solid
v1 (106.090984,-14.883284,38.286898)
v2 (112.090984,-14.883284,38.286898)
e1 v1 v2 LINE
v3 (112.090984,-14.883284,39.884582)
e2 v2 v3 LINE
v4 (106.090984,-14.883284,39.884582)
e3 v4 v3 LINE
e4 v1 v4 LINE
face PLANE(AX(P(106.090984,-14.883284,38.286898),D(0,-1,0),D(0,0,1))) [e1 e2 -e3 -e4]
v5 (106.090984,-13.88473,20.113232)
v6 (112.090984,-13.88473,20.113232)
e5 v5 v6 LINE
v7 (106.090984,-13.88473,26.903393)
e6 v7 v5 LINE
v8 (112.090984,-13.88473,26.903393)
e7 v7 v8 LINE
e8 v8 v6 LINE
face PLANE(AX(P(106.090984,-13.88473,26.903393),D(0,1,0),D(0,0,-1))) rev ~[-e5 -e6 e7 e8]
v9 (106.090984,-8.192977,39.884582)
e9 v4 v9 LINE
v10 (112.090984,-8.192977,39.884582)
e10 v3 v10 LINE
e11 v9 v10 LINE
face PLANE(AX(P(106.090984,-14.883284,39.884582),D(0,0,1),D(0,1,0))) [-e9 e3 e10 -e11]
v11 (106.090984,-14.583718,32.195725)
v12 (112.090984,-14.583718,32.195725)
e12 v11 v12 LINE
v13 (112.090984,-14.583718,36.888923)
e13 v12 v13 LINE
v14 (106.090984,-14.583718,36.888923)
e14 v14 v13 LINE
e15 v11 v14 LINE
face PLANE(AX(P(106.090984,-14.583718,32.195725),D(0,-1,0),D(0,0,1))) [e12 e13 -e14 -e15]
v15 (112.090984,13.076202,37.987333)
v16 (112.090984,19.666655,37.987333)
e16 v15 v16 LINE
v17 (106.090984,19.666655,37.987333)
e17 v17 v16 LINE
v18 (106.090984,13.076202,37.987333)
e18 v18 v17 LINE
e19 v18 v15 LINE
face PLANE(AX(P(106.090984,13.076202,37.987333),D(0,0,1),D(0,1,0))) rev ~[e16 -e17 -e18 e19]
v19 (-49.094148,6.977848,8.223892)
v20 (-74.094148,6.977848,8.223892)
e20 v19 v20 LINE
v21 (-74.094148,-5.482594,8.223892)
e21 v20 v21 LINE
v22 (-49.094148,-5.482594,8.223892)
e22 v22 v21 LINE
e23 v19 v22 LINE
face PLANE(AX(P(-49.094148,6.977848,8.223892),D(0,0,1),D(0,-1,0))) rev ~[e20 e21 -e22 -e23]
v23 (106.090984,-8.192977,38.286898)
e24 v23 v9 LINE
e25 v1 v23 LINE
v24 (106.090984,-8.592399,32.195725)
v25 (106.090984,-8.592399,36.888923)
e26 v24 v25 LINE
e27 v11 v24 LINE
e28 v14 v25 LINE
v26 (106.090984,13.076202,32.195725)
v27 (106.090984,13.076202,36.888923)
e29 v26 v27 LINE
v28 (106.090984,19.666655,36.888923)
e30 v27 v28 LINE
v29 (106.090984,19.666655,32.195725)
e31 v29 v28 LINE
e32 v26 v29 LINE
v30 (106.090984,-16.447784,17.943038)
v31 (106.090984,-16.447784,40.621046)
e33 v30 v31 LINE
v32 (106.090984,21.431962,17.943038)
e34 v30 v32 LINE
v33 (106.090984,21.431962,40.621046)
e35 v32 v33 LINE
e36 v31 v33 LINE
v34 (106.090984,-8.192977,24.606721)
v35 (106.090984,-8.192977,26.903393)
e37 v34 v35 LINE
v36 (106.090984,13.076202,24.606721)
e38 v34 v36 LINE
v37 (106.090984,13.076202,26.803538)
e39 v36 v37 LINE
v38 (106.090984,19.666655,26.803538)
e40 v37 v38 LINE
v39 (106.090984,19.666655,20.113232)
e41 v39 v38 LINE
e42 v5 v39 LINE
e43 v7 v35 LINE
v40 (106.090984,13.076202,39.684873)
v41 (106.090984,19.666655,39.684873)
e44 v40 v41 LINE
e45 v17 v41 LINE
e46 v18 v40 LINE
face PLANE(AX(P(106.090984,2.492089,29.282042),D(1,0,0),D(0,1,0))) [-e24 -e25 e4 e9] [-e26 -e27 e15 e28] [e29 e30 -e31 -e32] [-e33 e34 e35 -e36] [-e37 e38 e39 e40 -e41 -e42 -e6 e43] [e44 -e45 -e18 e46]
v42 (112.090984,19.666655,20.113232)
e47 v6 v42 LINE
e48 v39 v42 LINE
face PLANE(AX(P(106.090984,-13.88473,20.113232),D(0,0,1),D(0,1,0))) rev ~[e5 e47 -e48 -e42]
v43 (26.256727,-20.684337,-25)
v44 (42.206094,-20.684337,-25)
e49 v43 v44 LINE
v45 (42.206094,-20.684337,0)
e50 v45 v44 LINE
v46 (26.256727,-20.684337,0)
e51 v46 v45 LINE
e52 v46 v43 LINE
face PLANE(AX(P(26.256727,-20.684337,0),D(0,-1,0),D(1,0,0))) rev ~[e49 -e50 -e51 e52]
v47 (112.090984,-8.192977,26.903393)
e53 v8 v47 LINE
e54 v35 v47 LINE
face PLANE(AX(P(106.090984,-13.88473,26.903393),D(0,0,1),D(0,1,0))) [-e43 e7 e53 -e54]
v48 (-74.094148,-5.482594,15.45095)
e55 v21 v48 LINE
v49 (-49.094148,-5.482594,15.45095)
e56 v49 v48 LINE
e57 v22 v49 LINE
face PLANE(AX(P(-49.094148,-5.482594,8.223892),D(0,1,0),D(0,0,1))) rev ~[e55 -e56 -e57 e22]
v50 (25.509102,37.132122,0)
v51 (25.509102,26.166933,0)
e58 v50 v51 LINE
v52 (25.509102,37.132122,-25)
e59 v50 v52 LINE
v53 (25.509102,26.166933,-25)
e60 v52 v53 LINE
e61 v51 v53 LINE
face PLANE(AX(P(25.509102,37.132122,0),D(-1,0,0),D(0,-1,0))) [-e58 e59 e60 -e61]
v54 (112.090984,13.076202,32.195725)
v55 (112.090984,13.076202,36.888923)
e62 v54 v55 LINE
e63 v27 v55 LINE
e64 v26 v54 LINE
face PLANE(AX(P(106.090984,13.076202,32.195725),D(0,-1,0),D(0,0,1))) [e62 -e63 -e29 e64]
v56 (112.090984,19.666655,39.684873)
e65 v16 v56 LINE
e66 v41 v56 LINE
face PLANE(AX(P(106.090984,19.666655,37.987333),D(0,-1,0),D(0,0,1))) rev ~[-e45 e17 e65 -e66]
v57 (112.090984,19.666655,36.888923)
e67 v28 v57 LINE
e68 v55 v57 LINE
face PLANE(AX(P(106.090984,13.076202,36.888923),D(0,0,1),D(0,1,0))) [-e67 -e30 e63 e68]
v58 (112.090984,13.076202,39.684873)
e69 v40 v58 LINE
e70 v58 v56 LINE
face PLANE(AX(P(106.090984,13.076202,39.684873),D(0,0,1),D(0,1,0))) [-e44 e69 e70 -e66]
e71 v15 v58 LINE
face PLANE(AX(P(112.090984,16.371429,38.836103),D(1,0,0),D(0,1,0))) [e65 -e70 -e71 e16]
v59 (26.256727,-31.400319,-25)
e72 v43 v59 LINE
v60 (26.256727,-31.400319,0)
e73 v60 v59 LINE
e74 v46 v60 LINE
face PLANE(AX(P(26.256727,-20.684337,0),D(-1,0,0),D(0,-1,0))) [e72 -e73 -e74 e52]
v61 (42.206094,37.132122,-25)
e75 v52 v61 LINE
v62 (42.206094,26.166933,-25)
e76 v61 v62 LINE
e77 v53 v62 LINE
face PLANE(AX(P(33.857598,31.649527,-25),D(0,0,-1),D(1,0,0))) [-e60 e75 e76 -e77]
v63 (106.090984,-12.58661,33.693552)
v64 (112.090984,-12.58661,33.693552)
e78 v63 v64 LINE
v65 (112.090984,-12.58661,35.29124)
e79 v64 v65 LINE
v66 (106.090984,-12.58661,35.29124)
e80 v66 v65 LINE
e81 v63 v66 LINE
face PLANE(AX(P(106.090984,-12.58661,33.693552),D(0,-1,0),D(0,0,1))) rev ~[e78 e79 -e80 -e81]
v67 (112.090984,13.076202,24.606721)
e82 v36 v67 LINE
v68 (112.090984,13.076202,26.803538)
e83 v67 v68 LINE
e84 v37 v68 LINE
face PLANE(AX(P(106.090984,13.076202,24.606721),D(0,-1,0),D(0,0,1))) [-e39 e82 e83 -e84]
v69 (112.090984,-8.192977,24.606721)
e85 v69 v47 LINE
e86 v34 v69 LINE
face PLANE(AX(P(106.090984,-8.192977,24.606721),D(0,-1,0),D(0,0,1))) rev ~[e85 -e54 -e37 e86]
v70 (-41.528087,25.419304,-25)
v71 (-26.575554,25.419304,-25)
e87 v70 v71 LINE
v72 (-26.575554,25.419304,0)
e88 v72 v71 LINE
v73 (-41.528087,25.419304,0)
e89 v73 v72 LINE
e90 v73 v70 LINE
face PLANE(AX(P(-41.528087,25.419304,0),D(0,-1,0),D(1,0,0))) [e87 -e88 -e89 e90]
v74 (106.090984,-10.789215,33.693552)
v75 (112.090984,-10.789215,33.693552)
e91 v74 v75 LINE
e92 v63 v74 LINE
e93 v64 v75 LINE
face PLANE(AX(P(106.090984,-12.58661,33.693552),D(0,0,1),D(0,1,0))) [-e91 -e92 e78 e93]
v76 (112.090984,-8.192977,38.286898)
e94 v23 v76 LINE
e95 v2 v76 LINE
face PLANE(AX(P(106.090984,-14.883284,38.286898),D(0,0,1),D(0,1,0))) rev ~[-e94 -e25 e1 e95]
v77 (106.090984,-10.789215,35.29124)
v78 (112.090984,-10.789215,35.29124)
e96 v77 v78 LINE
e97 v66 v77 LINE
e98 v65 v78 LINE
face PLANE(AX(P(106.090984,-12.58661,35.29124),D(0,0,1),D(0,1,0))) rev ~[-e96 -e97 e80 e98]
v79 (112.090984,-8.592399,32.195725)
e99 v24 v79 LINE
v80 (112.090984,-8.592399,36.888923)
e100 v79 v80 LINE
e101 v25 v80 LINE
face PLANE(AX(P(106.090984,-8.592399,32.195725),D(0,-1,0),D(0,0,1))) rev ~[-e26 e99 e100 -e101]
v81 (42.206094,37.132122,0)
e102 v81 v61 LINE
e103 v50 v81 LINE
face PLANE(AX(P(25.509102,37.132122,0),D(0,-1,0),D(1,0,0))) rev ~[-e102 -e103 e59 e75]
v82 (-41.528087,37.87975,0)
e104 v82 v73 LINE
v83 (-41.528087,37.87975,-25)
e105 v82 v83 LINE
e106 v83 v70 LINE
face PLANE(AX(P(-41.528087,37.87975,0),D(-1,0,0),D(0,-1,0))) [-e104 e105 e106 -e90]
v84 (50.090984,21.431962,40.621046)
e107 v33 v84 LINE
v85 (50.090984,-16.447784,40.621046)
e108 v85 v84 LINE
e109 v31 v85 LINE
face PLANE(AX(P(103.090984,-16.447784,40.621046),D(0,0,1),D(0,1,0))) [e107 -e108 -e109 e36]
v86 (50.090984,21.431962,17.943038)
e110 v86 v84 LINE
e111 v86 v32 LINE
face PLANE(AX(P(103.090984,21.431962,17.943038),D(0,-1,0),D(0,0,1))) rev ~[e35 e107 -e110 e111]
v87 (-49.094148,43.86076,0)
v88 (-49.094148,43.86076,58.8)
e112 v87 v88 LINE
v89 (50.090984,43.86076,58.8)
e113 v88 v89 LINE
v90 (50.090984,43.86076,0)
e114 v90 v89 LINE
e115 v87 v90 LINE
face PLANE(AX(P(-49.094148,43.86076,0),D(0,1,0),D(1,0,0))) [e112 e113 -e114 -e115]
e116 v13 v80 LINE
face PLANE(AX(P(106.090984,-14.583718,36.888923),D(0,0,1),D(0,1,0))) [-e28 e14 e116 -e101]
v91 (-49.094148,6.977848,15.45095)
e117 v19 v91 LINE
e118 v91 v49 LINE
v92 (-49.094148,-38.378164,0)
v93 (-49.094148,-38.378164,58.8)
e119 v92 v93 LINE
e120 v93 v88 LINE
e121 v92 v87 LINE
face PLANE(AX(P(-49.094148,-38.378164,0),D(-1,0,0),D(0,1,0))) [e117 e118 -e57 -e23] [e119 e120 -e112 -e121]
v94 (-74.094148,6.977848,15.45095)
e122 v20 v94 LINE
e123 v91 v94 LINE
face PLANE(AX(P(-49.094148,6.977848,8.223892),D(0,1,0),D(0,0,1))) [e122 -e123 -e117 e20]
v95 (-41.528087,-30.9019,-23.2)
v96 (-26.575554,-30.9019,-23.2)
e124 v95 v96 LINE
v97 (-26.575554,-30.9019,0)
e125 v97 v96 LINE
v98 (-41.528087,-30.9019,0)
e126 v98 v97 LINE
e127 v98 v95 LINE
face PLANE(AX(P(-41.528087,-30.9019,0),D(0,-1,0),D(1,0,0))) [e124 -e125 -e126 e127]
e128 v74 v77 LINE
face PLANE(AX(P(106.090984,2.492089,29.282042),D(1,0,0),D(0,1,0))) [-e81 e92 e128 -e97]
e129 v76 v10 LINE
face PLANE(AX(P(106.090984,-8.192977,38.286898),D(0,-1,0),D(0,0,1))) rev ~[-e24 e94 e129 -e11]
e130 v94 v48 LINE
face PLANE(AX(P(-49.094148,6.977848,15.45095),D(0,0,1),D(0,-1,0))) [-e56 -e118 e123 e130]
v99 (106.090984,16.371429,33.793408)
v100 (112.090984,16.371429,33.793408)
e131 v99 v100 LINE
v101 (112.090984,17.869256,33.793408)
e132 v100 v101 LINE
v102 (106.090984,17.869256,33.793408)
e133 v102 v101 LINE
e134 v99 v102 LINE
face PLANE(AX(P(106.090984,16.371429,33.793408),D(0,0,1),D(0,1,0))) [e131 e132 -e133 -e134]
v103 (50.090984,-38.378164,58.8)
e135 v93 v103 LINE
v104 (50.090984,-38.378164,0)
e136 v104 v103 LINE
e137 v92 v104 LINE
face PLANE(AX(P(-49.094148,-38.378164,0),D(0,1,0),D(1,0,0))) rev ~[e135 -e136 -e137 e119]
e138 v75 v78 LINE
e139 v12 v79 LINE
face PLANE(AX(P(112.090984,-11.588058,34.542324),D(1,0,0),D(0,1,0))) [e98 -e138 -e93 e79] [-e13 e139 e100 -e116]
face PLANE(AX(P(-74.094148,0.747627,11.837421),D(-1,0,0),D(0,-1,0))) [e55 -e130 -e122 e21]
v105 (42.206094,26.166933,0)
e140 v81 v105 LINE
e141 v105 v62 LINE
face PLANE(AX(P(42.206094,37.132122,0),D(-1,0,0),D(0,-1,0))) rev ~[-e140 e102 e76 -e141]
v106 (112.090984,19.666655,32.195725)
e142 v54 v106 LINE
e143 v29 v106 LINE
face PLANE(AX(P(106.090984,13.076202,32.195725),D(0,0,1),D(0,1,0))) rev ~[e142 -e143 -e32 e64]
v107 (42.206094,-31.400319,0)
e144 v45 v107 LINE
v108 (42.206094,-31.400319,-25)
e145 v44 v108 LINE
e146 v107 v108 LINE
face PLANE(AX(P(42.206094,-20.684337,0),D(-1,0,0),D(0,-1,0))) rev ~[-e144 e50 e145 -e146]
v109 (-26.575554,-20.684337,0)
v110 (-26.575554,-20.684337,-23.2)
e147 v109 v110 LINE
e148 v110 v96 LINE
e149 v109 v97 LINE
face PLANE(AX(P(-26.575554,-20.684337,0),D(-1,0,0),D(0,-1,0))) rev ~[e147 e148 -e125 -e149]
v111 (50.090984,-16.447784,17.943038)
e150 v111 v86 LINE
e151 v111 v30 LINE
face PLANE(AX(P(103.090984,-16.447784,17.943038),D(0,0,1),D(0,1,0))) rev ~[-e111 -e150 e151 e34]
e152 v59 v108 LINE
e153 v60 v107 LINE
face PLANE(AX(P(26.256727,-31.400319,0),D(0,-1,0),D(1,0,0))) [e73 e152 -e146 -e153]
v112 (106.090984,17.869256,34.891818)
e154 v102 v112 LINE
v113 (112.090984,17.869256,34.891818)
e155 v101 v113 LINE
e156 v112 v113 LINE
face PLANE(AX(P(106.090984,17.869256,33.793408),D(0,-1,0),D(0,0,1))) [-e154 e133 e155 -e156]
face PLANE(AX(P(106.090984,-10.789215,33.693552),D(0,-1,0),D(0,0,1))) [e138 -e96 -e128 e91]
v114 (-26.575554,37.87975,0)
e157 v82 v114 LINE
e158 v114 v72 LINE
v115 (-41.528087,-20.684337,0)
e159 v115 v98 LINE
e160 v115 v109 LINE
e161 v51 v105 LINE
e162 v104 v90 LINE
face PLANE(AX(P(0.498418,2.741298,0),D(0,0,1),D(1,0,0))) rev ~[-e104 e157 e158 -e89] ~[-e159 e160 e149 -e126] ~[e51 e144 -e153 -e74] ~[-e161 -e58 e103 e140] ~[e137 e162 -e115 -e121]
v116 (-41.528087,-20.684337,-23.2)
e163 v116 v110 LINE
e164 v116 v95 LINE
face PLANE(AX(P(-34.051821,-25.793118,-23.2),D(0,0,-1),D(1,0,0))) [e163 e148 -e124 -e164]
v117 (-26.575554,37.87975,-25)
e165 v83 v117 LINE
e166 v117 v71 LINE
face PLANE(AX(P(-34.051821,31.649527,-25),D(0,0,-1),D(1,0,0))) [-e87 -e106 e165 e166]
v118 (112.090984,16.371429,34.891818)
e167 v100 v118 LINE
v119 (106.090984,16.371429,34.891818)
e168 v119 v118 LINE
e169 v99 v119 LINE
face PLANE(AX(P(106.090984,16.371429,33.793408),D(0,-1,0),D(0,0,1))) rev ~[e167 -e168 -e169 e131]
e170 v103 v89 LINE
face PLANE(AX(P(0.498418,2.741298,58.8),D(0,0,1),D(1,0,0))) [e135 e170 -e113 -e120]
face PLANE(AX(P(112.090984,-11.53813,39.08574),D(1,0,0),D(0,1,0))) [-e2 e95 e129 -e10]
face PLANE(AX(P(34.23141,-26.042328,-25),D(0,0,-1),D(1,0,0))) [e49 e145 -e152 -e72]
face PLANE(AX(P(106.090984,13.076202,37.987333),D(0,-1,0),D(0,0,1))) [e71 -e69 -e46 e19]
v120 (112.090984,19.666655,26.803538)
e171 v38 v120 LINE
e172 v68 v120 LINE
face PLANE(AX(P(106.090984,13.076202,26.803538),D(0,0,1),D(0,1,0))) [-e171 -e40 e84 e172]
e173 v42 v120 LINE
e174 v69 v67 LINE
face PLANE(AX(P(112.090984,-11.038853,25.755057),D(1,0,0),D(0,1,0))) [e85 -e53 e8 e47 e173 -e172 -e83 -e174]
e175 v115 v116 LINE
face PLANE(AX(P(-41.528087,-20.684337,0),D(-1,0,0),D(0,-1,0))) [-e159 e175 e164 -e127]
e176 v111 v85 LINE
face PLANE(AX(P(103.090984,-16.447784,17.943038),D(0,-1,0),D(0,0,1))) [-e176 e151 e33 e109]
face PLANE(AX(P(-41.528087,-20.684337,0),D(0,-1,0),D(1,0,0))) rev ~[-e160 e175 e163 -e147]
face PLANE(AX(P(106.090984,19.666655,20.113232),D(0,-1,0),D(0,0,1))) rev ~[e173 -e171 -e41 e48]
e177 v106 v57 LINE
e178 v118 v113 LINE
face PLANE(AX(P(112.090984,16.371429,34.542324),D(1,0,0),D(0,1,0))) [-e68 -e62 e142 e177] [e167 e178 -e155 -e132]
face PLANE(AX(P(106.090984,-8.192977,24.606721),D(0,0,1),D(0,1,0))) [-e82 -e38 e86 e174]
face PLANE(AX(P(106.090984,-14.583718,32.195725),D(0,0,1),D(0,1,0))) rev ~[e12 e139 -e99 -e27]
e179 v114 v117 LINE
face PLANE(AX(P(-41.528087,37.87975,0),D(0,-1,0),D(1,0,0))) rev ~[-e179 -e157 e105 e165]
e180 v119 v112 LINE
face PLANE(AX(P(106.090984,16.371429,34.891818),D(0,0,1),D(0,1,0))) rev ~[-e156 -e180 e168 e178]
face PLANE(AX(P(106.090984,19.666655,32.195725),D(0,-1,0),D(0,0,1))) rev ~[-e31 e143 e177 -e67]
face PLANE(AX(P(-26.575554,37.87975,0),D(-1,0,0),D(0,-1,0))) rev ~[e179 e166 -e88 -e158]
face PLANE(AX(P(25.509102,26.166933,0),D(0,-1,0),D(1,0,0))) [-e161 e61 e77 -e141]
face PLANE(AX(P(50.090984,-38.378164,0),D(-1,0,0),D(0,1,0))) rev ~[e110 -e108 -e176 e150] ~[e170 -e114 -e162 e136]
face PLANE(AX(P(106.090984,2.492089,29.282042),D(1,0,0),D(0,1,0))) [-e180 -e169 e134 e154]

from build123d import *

# Parameters (mm, degrees)
F0_W      = 99.1851314902
F0_H      = 82.2389237583
F1_DEPTH  = 58.8
F2_W      = 37.8797464073
F2_H      = 22.678008303
F3_DEPTH  = 53
F4_W      = 14.9525329471
F4_H      = 10.2175623178
F5_DEPTH  = 23.2
F6_W      = 15.9493666142
F6_H      = 10.7159819454
F6_W_2    = 16.6969913989
F6_H_2    = 10.9651889652
F6_W_3    = 14.9525329471
F6_H_3    = 12.4604459852
F7_DEPTH  = 25
F8_W      = 37.8797464073
F8_H      = 22.678008303
F9_DEPTH  = 3
F10_W     = 5.9913191944
F10_H     = 4.6931989491
F10_W_2   = 1.7973957583
F10_H_2   = 1.597687602
F10_W_3   = 6.5904529765
F10_W_4   = 1.497827936
F10_H_3   = 1.0984092951
F10_W_5   = 5.6917527691
F10_H_4   = 2.2966712713
F10_H_5   = 4.4934898615
F10_W_6   = 21.2691789493
F10_H_6   = 2.1968167275
F10_W_7   = 6.690306589
F10_H_7   = 1.5976838768
F10_H_8   = 1.6975402832
F11_DEPTH = 6
F12_W     = 12.4604427256
F12_H     = 7.2270575911
F13_DEPTH = 25


with BuildPart() as f1:
    # F0 (on Top) → F1 (new body)
    with BuildSketch(Plane.XY):
        with Locations((0.4984177649, 2.741297707)):
            Rectangle(F0_W, F0_H)
    extrude(amount=F1_DEPTH)

    # F2 (on face) → F3 (join)
    with BuildSketch(Plane.YZ.offset(50.09098351)):
        with Locations((2.4920888245, 29.2820418254)):
            Rectangle(F2_W, F2_H)
    extrude(amount=F3_DEPTH)

    # F4 (on face) → F5 (join)
    with BuildSketch(Plane(origin=(0, 0, 0), x_dir=(1, 0, 0), z_dir=(0, 0, -1))):
        with Locations((-34.0518206358, 25.7931184024)):
            Rectangle(F4_W, F4_H)
    extrude(amount=F5_DEPTH)

    # F6 (on face) → F7 (join)
    with BuildSketch(Plane(origin=(0, 0, 0), x_dir=(1, 0, 0), z_dir=(0, 0, -1))):
        with Locations((34.2314103618, 26.0423282161)):
            Rectangle(F6_W, F6_H)
        with Locations((33.8575979695, -31.64952714)):
            Rectangle(F6_W_2, F6_H_2)
        with Locations((-34.0518206358, -31.64952714)):
            Rectangle(F6_W_3, F6_H_3)
    extrude(amount=F7_DEPTH)

    # F8 (on face) → F9 (join)
    with BuildSketch(Plane.YZ.offset(103.09098351)):
        with Locations((2.4920888245, 29.2820418254)):
            Rectangle(F8_W, F8_H)
    extrude(amount=F9_DEPTH)

    # F10 (on face) → F11 (join)
    with BuildSketch(Plane.YZ.offset(106.09098351)):
        with Locations((-11.5880584344, 34.5423240215)):
            Rectangle(F10_W, F10_H)
        with Locations((-11.6879125126, 34.4923958182)):
            Rectangle(F10_W_2, F10_H_2, mode=Mode.SUBTRACT)
        with Locations((16.3714285009, 34.5423240215)):
            Rectangle(F10_W_3, F10_H)
        with Locations((17.1203424688, 34.3426130712)):
            Rectangle(F10_W_4, F10_H_3, mode=Mode.SUBTRACT)
        with Locations((-11.0388533212, 25.7550571114)):
            Rectangle(F10_W_5, F10_H_4)
        with Locations((-11.0388533212, 22.359976545)):
            Rectangle(F10_W_5, F10_H_5)
        with Locations((2.441612538, 22.359976545)):
            Rectangle(F10_W_6, F10_H_5)
        with Locations((16.3714285009, 25.7051298395)):
            Rectangle(F10_W_3, F10_H_6)
        with Locations((16.3714285009, 22.359976545)):
            Rectangle(F10_W_3, F10_H_5)
        with Locations((-11.5381302312, 39.0857402235)):
            Rectangle(F10_W_7, F10_H_7)
        with Locations((16.3714285009, 38.8361029327)):
            Rectangle(F10_W_3, F10_H_8)
    extrude(amount=F11_DEPTH)

    # F12 (on face) → F13 (join)
    with BuildSketch(Plane(origin=(-49.0941479802, 0, 0), x_dir=(0, -1, 0), z_dir=(-1, 0, 0))):
        with Locations((-0.7476268802, 11.8374209851)):
            Rectangle(F12_W, F12_H)
    extrude(amount=F13_DEPTH)


solid = f1.part
